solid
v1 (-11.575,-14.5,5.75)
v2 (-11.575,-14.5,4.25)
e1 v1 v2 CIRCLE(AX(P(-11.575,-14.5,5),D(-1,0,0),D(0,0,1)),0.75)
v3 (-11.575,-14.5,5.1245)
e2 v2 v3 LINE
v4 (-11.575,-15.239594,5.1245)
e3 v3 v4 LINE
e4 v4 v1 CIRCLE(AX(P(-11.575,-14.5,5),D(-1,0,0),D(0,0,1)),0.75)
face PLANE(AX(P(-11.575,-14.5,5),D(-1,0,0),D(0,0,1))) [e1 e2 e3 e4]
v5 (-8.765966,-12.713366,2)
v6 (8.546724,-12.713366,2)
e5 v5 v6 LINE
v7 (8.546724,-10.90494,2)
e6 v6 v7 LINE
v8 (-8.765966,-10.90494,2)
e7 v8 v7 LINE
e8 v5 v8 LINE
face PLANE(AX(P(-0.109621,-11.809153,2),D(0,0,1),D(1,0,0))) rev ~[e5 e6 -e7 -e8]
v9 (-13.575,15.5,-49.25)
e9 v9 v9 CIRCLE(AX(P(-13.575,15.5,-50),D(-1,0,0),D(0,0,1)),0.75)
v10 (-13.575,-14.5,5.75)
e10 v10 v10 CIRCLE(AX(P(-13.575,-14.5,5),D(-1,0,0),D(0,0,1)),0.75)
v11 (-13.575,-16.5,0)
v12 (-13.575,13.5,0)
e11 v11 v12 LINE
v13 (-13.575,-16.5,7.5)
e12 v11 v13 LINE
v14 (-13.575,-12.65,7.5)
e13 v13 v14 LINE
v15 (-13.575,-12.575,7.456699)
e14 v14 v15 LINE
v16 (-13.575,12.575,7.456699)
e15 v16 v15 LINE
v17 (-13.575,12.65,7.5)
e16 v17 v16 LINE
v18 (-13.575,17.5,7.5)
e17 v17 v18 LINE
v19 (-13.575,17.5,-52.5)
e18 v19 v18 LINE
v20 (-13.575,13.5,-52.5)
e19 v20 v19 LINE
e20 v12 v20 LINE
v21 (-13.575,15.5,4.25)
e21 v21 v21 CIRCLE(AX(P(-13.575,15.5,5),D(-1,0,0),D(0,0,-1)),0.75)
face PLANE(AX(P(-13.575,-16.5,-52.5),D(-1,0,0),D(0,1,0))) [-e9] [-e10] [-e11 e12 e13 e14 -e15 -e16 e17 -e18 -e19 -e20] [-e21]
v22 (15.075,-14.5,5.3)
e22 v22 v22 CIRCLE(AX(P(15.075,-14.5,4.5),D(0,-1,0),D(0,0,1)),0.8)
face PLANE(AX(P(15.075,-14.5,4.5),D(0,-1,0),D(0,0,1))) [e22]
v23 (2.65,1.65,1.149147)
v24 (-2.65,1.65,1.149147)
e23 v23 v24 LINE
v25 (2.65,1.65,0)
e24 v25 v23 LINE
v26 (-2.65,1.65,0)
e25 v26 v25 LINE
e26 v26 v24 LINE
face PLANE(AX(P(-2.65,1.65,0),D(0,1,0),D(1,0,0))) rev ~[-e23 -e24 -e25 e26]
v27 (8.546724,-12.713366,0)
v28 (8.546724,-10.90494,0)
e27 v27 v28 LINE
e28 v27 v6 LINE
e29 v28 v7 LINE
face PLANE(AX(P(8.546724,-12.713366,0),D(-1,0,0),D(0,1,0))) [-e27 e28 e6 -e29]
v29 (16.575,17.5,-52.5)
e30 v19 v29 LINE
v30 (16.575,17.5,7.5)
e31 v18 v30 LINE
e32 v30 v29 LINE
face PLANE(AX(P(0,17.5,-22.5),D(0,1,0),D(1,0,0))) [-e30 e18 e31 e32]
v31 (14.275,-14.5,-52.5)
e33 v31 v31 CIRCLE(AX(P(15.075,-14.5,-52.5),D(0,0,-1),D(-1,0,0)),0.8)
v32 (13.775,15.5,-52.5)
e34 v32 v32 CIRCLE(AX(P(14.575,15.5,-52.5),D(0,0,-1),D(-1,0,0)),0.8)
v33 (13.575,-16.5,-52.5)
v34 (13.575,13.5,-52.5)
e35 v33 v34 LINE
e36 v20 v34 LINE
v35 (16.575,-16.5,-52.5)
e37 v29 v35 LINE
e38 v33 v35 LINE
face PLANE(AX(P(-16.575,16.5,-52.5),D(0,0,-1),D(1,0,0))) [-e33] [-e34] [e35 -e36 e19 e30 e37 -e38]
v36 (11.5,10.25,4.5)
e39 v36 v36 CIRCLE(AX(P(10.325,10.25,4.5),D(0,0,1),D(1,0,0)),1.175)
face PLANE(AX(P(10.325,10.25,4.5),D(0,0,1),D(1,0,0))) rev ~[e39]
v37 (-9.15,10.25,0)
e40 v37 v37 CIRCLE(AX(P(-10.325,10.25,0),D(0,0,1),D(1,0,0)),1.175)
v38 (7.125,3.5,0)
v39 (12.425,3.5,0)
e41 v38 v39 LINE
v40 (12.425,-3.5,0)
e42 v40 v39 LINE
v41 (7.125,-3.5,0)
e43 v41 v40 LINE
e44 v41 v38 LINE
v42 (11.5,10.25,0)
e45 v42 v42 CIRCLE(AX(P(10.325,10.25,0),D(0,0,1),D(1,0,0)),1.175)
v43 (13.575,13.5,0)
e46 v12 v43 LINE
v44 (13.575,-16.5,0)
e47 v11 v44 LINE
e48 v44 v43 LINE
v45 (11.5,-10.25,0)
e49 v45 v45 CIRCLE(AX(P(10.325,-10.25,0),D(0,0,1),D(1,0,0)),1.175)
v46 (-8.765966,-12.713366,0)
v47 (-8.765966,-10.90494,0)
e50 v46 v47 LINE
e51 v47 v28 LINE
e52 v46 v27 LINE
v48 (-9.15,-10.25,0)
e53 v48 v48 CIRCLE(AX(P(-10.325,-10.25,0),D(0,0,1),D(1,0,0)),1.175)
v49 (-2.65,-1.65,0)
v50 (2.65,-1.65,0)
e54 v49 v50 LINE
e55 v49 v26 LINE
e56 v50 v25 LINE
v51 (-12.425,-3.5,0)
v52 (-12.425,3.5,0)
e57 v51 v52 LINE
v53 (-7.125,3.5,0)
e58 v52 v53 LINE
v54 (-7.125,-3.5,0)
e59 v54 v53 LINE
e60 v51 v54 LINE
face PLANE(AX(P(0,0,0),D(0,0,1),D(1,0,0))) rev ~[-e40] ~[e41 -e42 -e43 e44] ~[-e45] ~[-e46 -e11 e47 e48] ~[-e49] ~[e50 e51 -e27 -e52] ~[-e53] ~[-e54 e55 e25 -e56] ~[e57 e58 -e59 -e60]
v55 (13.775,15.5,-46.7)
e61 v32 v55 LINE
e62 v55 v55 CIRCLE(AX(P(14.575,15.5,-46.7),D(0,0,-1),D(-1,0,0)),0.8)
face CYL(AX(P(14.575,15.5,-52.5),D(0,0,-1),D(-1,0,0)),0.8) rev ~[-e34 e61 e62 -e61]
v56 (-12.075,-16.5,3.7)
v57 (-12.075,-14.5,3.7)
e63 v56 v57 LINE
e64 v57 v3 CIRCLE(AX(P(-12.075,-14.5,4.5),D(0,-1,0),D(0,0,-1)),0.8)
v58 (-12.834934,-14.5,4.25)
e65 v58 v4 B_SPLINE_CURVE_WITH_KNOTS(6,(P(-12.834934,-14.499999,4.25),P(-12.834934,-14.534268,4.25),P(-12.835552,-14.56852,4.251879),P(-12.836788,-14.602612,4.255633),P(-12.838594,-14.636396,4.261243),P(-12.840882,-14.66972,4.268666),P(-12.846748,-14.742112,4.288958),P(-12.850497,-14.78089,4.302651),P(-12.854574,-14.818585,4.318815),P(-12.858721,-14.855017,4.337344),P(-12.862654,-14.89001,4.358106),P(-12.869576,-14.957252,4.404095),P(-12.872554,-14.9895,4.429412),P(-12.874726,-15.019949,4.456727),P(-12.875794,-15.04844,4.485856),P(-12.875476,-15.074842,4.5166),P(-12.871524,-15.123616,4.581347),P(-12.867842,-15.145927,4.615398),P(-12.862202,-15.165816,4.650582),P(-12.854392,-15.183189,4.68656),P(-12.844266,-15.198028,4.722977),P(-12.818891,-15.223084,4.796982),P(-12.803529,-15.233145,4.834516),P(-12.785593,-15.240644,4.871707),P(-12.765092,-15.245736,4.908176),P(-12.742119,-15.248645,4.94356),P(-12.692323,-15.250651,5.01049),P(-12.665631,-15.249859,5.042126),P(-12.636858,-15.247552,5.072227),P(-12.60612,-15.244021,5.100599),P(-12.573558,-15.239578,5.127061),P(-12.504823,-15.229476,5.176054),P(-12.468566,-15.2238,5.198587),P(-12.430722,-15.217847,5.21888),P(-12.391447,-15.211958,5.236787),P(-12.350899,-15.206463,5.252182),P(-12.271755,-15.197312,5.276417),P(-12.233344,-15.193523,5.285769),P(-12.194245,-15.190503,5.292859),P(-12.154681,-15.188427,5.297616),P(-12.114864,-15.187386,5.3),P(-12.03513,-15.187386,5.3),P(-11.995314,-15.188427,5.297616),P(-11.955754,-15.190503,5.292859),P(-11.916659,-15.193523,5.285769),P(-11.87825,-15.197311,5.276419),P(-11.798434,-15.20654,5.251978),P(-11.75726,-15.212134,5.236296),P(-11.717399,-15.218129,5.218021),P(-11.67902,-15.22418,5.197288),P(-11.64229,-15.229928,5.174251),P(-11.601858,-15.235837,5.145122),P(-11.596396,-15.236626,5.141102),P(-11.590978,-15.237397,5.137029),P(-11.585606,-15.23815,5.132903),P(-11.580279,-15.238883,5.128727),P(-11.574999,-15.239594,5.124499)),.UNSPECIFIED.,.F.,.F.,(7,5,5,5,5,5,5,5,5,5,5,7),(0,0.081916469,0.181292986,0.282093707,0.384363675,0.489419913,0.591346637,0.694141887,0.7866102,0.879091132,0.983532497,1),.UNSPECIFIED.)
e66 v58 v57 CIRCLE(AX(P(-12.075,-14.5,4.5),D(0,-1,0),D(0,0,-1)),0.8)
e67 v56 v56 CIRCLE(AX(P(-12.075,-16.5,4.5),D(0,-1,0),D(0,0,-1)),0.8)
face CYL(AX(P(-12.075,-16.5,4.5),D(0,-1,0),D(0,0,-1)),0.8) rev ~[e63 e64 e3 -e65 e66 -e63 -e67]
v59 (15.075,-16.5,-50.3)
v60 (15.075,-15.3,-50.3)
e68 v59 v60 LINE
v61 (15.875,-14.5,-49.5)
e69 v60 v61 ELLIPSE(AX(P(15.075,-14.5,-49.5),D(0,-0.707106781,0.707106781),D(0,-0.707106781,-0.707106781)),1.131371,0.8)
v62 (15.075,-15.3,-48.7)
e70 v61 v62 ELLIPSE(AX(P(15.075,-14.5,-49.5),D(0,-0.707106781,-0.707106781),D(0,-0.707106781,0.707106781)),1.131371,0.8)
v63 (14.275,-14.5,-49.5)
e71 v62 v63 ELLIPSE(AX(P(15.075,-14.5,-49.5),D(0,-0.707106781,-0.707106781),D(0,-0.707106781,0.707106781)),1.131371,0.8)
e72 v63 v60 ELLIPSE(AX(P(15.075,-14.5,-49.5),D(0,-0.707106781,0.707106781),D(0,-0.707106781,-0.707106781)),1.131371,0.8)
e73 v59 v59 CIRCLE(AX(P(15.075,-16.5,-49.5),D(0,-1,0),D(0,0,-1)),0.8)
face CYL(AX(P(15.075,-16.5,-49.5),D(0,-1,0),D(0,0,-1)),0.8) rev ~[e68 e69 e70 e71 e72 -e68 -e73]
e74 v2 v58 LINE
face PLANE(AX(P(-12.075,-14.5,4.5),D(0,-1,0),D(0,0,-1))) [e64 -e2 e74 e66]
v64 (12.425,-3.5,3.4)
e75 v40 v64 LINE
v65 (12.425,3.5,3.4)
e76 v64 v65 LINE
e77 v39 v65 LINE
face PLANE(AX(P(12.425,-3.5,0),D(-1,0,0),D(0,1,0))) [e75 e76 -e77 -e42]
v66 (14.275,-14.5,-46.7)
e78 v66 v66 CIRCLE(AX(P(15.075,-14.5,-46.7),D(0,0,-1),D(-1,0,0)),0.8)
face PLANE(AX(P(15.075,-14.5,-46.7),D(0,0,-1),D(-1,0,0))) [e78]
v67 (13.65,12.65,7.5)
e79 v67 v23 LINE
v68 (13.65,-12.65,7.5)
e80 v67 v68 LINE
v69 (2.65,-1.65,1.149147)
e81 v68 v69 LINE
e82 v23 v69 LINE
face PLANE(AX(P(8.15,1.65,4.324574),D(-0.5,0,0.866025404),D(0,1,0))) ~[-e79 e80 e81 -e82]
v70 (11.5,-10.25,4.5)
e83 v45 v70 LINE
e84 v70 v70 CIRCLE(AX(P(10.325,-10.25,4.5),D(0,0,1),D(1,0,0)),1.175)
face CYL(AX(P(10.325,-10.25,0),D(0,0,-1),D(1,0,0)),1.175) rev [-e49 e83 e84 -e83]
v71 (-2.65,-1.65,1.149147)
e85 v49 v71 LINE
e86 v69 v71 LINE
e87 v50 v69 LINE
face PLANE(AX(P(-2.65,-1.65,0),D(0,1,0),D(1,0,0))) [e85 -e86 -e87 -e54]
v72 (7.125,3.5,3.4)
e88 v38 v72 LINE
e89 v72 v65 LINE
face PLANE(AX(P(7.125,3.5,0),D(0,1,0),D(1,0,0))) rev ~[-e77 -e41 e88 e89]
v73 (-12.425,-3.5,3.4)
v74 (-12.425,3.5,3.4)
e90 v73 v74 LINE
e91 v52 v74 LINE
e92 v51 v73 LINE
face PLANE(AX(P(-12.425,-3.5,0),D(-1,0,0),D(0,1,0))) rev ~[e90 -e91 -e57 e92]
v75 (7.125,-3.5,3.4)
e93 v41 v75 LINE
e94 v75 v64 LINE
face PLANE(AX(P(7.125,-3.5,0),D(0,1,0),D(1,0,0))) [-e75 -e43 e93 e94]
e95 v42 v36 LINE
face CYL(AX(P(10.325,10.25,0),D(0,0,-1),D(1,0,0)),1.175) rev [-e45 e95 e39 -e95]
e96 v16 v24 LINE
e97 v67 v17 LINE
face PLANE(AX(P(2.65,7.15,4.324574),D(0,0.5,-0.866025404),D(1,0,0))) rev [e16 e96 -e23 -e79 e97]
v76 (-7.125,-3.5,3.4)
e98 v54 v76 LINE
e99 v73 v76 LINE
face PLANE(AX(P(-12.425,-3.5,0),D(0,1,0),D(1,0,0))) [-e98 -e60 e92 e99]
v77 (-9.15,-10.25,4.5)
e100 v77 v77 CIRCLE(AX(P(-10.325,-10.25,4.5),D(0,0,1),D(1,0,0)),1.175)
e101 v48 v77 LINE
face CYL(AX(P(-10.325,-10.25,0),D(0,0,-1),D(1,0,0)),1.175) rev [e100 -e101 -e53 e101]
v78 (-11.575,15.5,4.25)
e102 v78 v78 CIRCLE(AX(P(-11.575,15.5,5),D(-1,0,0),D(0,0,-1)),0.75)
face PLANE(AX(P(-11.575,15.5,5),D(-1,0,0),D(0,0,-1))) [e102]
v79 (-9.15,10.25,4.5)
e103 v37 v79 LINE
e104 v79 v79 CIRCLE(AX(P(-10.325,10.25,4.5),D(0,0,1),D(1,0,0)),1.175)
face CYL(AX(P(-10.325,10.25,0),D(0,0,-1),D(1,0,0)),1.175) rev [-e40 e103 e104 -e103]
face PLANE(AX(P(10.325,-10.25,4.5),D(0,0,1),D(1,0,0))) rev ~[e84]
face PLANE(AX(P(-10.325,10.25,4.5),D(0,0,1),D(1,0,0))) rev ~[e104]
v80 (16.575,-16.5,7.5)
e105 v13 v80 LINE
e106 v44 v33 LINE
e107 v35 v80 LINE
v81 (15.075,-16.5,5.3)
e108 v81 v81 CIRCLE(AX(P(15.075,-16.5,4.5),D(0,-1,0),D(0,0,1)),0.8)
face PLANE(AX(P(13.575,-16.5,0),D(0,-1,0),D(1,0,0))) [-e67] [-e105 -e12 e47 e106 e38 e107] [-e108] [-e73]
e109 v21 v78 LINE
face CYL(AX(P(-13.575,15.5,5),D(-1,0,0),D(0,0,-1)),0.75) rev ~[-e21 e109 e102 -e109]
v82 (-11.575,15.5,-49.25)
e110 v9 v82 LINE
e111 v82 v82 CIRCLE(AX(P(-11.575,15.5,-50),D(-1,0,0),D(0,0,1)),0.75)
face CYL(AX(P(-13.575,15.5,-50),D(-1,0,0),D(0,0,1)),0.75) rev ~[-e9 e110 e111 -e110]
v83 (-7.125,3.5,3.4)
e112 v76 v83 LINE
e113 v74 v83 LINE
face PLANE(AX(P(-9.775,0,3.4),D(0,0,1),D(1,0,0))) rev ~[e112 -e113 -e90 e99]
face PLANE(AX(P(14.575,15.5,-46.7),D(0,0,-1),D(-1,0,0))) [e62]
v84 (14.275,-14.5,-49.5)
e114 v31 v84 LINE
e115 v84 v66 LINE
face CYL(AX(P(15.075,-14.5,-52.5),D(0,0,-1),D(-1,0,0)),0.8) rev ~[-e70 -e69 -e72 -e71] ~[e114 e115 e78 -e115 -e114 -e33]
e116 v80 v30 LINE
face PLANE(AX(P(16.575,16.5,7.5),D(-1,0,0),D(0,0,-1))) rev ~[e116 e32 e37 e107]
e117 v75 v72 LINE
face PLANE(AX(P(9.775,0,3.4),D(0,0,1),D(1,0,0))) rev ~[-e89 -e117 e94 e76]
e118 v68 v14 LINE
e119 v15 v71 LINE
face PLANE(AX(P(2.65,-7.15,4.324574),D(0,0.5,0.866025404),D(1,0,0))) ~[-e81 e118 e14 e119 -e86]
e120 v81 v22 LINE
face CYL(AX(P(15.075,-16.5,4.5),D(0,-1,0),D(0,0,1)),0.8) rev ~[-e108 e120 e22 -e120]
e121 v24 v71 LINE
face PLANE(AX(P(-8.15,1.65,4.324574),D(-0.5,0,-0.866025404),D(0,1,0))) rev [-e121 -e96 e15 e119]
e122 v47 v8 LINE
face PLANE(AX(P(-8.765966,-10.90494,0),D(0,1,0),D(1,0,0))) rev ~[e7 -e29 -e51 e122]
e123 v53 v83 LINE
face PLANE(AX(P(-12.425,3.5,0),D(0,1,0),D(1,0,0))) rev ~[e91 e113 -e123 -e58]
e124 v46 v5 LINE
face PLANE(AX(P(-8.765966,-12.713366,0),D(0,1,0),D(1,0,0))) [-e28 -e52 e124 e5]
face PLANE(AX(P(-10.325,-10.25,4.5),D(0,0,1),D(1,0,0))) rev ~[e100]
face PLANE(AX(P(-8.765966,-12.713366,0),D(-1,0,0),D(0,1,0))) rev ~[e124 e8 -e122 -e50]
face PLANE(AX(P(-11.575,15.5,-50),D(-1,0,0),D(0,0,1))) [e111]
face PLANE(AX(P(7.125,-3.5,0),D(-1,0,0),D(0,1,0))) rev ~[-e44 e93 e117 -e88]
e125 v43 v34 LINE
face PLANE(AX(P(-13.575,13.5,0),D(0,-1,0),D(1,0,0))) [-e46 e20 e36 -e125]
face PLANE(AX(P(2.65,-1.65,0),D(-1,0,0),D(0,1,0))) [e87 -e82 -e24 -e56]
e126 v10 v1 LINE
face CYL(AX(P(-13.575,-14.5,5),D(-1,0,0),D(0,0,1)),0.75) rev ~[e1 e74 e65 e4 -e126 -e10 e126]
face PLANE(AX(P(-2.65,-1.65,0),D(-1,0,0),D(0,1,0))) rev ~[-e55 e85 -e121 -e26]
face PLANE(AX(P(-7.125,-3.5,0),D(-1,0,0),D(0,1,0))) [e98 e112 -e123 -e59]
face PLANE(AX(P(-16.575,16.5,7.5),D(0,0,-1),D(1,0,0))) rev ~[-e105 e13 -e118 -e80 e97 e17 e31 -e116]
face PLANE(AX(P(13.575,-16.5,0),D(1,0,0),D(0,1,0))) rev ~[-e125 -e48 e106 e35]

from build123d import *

# Parameters (mm, degrees)
SKETCH2_W           = 33.15
SKETCH2_H           = 33
BOSS_EXTRUDE1_DEPTH = 7.5
SKETCH3_R           = 1.175
CUT_EXTRUDE1_DEPTH  = 4.5
SKETCH4_W           = 5.3
SKETCH4_H           = 7
CUT_EXTRUDE2_DEPTH  = 3.4
SKETCH5_W           = 17.312690108
SKETCH5_H           = 1.808425299
CUT_EXTRUDE3_DEPTH  = 2
SKETCH6_W           = 5.3
SKETCH6_H           = 3.3
CUT_EXTRUDE4_DEPTH  = 25.560753755
CHAMFER3_SIZE       = 11
CHAMFER3_SIZE2      = 6.350852961
SKETCH7_W           = 3
SKETCH7_H           = 33
SKETCH7_H_2         = 30
BOSS_EXTRUDE2_DEPTH = 52.5
SKETCH8_W           = 33.15
SKETCH8_H           = 60
BOSS_EXTRUDE3_DEPTH = 1
SKETCH9_W           = 3
SKETCH9_H           = 34
CUT_EXTRUDE5_DEPTH  = 60
SKETCH10_R          = 0.75
CUT_EXTRUDE6_DEPTH  = 2
SKETCH11_R          = 0.8
CUT_EXTRUDE7_DEPTH  = 2
SKETCH12_R          = 0.8
CUT_EXTRUDE9_DEPTH  = 5.8


with BuildPart() as part:
    # Sketch2 → Boss-Extrude1 (new body)
    with BuildSketch(Plane.XY):
        Rectangle(SKETCH2_W, SKETCH2_H)
    extrude(amount=BOSS_EXTRUDE1_DEPTH)

    # Sketch3 → Cut-Extrude1 (cut)
    with BuildSketch(Plane.XY):
        with Locations((10.325, 10.25)):
            Circle(SKETCH3_R)
        with Locations((-10.325, 10.25)):
            Circle(SKETCH3_R)
        with Locations((10.325, -10.25)):
            Circle(SKETCH3_R)
        with Locations((-10.325, -10.25)):
            Circle(SKETCH3_R)
    extrude(amount=CUT_EXTRUDE1_DEPTH, mode=Mode.SUBTRACT)

    # Sketch4 → Cut-Extrude2 (cut)
    with BuildSketch(Plane.XY):
        with Locations((9.775, 0)):
            Rectangle(SKETCH4_W, SKETCH4_H)
        with Locations((-9.775, 0)):
            Rectangle(SKETCH4_W, SKETCH4_H)
    extrude(amount=CUT_EXTRUDE2_DEPTH, mode=Mode.SUBTRACT)

    # Sketch5 → Cut-Extrude3 (cut)
    with BuildSketch(Plane.XY):
        with Locations((-0.109621432, -11.80915301)):
            Rectangle(SKETCH5_W, SKETCH5_H)
    extrude(amount=CUT_EXTRUDE3_DEPTH, mode=Mode.SUBTRACT)

    # Sketch6 → Cut-Extrude4 (cut, through all)
    with BuildSketch(Plane.XY):
        Rectangle(SKETCH6_W, SKETCH6_H)
    extrude(amount=CUT_EXTRUDE4_DEPTH, mode=Mode.SUBTRACT)

    # Chamfer3
    chamfer3_edges = [part.edges().sort_by_distance(p)[0] for p in [
        (2.65, 0, 7.5),
        (0, 1.65, 7.5),
        (-2.65, 0, 7.5),
        (0, -1.65, 7.5),
    ]]
    chamfer3_side = [part.faces().sort_by_distance(p)[0] for p in [
        (-16.107247662, 0, 7.5),
    ]]
    chamfer(chamfer3_edges, length=CHAMFER3_SIZE, length2=CHAMFER3_SIZE2, reference=chamfer3_side[0])

    # Sketch7 → Boss-Extrude2 (add)
    with BuildSketch(Plane.XY):
        with Locations((15.075, 0)):
            Rectangle(SKETCH7_W, SKETCH7_H)
        Polygon((-13.575, 13.5), (13.575, 13.5), (13.575, 16.5), (-16.575, 16.5), (-16.575, 13.5), align=None)
        with Locations((-15.075, -1.5)):
            Rectangle(SKETCH7_W, SKETCH7_H_2)
    extrude(amount=-BOSS_EXTRUDE2_DEPTH)

    # Sketch8 → Boss-Extrude3 (add)
    with BuildSketch(Plane(origin=(0, 16.5, 0), x_dir=(1, 0, 0), z_dir=(0, 1, 0))):
        with Locations((0, 22.5)):
            Rectangle(SKETCH8_W, SKETCH8_H)
    extrude(amount=BOSS_EXTRUDE3_DEPTH)

    # Sketch9 → Cut-Extrude5 (cut)
    with BuildSketch(Plane(origin=(0, 0, -52.5), x_dir=(-1, 0, 0), z_dir=(0, 0, -1))):
        with Locations((15.075, 0.5)):
            Rectangle(SKETCH9_W, SKETCH9_H)
    extrude(amount=-CUT_EXTRUDE5_DEPTH, mode=Mode.SUBTRACT)

    # Sketch10 → Cut-Extrude6 (cut)
    with BuildSketch(Plane.ZY.offset(13.575)):
        with Locations((-50, 15.5)):
            Circle(SKETCH10_R)
        with Locations(Location((5, 15.5, 0), (0, 0, 180))):
            Circle(SKETCH10_R)
        with Locations((5, -14.5)):
            Circle(SKETCH10_R)
    extrude(amount=-CUT_EXTRUDE6_DEPTH, mode=Mode.SUBTRACT)

    # Sketch11 → Cut-Extrude7 (cut)
    with BuildSketch(Plane(origin=(0, -16.5, 0), x_dir=(-1, 0, 0), z_dir=(0, -1, 0))):
        with Locations(Location((-15.075, 49.5, 0), (0, 0, 90))):
            Circle(SKETCH11_R)
        with Locations(Location((-15.075, -4.5, 0), (0, 0, 270))):
            Circle(SKETCH11_R)
        with Locations(Location((12.075, -4.5, 0), (0, 0, 90))):
            Circle(SKETCH11_R)
    extrude(amount=-CUT_EXTRUDE7_DEPTH, mode=Mode.SUBTRACT)

    # Sketch12 → Cut-Extrude9 (cut)
    with BuildSketch(Plane(origin=(0, 0, -52.5), x_dir=(-1, 0, 0), z_dir=(0, 0, -1))):
        with Locations((-14.575, 15.5)):
            Circle(SKETCH12_R)
        with Locations((-15.075, -14.5)):
            Circle(SKETCH12_R)
    extrude(amount=-CUT_EXTRUDE9_DEPTH, mode=Mode.SUBTRACT)


solid = part.part
